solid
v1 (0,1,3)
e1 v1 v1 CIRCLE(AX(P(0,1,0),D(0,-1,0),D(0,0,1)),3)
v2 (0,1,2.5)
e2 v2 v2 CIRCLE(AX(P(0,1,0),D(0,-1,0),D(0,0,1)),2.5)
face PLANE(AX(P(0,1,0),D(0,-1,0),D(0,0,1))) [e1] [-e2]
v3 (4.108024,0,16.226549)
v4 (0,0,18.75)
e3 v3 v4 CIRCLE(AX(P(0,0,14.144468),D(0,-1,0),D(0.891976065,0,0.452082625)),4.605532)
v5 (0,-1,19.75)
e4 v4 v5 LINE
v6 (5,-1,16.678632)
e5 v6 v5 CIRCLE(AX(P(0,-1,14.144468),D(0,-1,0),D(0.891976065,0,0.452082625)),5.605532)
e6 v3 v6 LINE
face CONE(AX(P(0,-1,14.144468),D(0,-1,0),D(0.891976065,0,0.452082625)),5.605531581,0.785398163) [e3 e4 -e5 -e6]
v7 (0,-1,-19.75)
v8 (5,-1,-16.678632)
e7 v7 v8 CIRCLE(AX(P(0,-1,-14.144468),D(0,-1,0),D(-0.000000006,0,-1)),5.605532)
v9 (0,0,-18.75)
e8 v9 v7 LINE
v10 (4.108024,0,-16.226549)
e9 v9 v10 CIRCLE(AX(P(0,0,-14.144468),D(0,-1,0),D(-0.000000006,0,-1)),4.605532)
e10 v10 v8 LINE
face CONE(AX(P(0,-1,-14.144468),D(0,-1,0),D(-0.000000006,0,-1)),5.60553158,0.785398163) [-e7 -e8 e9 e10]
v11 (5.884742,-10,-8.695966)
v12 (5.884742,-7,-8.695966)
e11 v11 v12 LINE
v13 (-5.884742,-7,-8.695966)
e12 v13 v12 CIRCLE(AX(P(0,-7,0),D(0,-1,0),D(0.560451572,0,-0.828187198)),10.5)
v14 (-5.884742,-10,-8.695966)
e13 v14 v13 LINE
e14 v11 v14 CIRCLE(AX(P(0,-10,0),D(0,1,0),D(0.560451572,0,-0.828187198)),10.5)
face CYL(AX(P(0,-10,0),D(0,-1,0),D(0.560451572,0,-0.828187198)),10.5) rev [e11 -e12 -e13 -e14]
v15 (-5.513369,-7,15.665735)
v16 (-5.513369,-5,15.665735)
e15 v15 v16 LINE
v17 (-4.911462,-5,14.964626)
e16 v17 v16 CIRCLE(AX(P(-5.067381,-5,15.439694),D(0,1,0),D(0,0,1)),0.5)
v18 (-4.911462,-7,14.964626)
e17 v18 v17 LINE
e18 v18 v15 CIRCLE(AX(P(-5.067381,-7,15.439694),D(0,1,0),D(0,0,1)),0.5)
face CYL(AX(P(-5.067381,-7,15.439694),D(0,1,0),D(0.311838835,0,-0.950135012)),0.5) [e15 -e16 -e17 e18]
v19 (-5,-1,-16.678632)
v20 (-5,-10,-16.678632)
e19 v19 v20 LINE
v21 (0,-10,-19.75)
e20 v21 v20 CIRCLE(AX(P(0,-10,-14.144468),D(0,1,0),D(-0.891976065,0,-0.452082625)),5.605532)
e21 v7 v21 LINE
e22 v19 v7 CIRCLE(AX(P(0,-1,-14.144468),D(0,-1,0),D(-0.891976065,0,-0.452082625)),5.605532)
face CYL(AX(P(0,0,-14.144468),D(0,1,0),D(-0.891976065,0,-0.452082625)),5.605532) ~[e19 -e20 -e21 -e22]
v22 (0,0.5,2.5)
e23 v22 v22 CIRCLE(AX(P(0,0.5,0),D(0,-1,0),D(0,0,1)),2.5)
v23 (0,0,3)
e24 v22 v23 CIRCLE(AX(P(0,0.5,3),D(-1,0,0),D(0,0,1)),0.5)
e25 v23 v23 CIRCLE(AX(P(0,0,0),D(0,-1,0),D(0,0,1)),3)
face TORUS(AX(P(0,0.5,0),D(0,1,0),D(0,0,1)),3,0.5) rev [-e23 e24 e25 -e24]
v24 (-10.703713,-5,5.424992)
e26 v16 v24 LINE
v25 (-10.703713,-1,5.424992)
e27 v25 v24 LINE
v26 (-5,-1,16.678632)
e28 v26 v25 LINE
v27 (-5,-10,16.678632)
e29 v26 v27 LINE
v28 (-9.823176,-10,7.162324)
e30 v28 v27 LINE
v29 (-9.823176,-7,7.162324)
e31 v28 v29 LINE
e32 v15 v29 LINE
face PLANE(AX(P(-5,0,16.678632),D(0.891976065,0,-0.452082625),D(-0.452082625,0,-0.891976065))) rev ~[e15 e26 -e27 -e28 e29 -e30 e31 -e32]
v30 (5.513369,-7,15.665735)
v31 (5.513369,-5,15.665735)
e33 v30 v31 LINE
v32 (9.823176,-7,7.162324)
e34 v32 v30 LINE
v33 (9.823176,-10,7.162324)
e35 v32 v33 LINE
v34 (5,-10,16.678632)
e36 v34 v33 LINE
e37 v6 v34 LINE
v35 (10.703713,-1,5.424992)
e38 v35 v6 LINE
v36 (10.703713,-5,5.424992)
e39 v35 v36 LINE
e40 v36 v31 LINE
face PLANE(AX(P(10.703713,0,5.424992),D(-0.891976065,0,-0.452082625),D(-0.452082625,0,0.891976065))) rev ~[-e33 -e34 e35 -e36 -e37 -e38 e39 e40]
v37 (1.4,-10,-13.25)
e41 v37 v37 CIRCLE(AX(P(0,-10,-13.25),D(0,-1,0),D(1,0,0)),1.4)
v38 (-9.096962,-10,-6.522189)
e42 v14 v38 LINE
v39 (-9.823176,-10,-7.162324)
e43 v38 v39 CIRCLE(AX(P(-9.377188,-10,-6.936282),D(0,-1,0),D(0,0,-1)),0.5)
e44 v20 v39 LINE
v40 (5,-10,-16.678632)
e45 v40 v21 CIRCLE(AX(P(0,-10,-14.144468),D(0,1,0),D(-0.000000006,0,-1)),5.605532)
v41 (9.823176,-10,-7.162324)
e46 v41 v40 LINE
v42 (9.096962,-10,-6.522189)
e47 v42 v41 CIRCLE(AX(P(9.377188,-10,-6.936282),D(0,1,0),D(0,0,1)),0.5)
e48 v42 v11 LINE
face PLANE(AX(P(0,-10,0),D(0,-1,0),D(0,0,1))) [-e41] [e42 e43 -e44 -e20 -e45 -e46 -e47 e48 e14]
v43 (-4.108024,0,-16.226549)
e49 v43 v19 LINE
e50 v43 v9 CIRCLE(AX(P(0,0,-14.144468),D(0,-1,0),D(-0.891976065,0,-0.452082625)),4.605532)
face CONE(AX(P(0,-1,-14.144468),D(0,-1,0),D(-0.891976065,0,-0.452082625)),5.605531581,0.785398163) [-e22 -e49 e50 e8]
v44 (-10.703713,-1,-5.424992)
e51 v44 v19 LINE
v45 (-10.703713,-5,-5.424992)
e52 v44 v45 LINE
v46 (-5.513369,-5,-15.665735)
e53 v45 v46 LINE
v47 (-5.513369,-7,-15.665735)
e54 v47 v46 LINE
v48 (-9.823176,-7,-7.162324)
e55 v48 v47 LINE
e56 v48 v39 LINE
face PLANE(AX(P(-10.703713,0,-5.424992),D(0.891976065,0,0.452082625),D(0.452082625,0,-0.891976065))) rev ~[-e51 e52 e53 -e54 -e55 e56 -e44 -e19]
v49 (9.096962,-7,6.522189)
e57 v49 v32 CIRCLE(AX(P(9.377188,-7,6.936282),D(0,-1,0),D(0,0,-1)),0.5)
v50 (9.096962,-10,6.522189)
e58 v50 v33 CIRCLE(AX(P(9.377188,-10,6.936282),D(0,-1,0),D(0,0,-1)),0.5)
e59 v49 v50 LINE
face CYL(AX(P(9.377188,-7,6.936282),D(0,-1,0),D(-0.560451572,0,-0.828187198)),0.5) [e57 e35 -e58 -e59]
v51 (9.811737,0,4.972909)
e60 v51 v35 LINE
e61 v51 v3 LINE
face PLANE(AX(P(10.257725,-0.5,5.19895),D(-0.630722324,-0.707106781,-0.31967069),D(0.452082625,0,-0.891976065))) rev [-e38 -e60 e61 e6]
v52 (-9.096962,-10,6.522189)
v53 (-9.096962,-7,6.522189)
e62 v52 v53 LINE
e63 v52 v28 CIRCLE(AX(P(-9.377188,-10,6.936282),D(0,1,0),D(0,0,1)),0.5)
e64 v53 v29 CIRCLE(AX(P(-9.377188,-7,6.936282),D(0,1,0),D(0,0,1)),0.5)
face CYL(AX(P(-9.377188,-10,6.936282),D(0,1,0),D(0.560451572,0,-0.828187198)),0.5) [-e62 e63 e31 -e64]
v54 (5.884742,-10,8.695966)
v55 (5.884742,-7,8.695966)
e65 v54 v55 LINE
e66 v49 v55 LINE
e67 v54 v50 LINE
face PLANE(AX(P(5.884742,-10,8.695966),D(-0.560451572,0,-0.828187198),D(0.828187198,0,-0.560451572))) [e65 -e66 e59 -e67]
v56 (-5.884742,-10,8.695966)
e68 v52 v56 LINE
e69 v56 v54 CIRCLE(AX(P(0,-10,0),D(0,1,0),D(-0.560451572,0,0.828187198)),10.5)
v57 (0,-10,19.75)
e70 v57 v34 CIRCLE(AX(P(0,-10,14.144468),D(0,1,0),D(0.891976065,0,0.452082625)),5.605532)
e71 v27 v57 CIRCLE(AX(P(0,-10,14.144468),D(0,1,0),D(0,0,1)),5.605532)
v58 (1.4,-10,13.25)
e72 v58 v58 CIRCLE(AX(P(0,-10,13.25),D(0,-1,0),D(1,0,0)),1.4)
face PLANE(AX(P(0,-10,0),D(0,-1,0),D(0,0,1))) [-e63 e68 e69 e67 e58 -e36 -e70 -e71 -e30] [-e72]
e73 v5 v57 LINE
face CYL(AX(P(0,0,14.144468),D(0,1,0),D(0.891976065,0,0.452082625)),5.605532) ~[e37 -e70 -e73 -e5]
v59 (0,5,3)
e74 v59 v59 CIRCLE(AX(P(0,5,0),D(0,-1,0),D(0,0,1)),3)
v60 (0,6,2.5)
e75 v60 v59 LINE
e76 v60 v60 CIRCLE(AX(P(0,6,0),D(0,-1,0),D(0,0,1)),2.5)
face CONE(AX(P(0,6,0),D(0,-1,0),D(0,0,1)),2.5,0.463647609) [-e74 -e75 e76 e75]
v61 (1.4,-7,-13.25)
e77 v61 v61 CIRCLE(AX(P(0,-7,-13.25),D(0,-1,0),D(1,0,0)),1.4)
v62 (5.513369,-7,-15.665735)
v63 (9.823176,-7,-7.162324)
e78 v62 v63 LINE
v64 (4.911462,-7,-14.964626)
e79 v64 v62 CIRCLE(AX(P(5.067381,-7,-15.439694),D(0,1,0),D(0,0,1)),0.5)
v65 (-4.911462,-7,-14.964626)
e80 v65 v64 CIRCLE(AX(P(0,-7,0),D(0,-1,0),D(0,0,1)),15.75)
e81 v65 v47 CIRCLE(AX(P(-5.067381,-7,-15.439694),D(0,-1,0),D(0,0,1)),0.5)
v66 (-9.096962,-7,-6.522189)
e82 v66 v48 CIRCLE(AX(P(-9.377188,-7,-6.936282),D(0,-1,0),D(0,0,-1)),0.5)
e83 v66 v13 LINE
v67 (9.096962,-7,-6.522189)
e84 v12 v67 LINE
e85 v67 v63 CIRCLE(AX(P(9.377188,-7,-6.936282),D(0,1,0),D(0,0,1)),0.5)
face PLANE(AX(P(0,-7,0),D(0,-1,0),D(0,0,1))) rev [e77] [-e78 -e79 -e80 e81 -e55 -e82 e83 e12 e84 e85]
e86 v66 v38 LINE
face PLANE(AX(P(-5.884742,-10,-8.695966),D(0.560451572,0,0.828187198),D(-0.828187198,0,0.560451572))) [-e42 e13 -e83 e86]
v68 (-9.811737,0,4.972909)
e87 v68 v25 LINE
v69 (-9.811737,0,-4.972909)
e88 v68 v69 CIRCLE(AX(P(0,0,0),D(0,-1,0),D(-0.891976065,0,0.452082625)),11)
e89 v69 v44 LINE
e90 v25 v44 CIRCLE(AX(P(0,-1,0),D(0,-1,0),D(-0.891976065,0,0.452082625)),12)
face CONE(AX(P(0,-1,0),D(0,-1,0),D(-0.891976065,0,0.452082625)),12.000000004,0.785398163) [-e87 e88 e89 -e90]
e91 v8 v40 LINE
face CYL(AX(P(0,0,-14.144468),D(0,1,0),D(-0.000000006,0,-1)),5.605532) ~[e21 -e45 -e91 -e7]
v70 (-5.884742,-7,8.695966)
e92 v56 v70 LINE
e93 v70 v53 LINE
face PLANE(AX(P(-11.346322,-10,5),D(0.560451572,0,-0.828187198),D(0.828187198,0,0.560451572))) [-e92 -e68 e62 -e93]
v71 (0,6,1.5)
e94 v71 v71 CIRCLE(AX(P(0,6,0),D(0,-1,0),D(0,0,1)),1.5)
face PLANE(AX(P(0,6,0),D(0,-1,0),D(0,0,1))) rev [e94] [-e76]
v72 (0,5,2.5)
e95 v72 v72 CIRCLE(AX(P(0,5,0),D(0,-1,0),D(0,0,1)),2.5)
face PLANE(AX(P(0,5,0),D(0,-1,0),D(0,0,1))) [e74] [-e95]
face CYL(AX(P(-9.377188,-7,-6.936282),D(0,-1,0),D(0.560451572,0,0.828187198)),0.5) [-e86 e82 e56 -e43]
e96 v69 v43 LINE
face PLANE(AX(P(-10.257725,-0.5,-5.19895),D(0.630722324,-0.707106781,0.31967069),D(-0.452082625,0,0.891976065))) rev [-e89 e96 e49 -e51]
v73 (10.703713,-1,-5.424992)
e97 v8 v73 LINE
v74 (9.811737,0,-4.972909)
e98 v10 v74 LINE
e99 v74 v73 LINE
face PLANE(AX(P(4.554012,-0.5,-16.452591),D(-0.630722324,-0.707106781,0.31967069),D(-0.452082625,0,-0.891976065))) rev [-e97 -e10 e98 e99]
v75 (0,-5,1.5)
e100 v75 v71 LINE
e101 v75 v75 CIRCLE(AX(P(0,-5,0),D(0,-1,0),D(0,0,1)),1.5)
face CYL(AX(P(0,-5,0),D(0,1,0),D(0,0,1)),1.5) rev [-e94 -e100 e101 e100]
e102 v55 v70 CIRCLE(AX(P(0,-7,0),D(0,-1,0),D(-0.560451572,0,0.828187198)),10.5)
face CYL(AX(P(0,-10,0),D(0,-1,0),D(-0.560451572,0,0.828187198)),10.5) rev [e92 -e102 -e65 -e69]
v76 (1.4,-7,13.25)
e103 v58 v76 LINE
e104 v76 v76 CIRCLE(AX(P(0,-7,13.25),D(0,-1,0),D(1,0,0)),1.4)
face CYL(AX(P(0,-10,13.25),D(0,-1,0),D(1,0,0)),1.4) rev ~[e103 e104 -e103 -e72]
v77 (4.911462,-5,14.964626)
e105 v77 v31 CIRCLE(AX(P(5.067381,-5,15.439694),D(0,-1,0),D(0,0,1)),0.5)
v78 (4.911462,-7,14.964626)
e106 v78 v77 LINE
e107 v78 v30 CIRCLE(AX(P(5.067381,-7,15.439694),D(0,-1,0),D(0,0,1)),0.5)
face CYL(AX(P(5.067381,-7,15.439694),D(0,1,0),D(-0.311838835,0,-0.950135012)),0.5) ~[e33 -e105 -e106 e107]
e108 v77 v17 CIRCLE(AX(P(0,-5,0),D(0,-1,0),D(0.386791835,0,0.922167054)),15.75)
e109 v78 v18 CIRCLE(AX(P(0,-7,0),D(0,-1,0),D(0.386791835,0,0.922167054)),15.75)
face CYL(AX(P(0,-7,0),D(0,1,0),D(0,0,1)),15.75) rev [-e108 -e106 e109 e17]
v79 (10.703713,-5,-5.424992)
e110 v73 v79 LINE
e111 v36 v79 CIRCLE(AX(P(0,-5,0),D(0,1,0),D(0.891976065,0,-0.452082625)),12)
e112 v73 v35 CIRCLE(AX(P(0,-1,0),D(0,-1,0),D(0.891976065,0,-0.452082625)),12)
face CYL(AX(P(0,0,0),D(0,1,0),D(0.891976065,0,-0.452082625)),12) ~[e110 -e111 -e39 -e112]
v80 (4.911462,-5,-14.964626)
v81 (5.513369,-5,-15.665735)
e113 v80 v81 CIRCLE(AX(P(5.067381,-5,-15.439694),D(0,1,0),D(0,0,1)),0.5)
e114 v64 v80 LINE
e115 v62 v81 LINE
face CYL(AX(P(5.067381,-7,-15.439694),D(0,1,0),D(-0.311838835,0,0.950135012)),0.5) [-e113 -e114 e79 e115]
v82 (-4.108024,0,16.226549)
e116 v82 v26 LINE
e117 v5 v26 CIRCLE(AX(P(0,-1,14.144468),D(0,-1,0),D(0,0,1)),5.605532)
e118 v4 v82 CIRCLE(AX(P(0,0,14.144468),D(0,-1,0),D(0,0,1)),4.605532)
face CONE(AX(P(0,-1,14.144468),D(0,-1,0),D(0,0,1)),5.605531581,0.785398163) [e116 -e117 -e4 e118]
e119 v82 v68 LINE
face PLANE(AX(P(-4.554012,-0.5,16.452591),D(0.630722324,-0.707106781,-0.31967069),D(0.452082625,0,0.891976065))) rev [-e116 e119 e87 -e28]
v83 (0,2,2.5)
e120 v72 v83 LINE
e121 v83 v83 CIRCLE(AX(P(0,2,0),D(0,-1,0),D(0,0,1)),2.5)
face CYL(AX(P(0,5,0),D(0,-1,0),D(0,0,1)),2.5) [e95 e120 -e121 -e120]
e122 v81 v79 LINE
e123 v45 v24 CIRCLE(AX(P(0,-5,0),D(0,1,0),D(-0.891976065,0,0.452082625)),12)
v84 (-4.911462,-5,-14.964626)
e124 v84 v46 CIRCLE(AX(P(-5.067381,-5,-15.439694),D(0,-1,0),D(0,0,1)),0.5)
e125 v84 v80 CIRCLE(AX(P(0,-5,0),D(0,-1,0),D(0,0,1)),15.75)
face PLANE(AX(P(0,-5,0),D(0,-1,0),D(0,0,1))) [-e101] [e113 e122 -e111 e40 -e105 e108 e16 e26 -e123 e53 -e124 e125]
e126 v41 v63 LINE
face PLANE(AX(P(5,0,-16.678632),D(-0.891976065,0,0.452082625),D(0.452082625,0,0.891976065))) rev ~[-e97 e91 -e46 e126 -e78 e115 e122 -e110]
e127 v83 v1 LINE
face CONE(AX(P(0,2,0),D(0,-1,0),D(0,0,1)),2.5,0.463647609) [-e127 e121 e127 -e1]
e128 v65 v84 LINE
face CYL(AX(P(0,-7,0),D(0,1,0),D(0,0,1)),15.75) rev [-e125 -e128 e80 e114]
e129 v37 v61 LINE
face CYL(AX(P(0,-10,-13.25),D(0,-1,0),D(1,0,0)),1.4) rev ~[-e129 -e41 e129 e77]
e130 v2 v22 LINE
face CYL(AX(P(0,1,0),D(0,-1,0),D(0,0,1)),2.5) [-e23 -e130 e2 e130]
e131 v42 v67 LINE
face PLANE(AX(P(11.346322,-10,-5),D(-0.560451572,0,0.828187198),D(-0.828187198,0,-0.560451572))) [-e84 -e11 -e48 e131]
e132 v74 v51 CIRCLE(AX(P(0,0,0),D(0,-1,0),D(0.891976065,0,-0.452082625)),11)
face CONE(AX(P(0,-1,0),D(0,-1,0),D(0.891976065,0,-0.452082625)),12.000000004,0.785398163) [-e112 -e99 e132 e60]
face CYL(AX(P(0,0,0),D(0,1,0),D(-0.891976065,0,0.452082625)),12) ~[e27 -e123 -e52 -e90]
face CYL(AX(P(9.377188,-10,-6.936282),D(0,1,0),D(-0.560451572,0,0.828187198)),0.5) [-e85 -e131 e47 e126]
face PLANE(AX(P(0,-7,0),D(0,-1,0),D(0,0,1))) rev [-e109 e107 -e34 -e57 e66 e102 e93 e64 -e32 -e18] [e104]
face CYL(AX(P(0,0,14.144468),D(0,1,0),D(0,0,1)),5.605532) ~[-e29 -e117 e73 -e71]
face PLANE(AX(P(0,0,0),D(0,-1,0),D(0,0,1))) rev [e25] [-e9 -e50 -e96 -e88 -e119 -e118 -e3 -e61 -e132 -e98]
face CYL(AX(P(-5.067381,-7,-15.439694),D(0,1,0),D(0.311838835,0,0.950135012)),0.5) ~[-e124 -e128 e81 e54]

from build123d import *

# Parameters (mm, degrees)
CUT_EXTRUDE1_DEPTH = 11
CUT_EXTRUDE3_DEPTH = 5
FILLET1_R          = 0.5
FILLET3_R          = 0.5
CHAMFER2_SIZE      = 1
SKETCH12_R         = 1.4
CUT_EXTRUDE7_DEPTH = 5


with BuildPart() as part:
    # Sketch2 → Revolve1 (revolve)
    with BuildSketch(Plane(origin=(0, 0, 0), x_dir=(0, 0, -1), z_dir=(1, 0, 0))):
        Polygon((-2.5, 0), (-19.75, 0), (-19.75, -10), (-8.75, -10), (-8.75, -7), (-15.75, -7), (-15.75, -5), (-1.5, -5), (-1.5, 6), (-2.5, 6), (-3, 5), (-2.5, 5), (-2.5, 2), (-3, 1), (-2.5, 1), align=None)
    revolve(axis=Axis((0, 7.880012575, 0), (0, -1, 0)))

    # Sketch3 → Cut-Extrude1 (cut, through all)
    with BuildSketch(Plane(origin=(0, 0, 0), x_dir=(1, 0, 0), z_dir=(0, 1, 0))):
        with BuildLine():
            ThreePointArc((-10.703712775, -5.424991506), (-12, 0), (-10.703712775, 5.424991506))
            Line((-10.703712775, 5.424991506), (-5, 16.678631853))
            ThreePointArc((-5, 16.678631853), (-2.933994828, 18.920833005), (-3.1e-08, 19.75))
            ThreePointArc((-3.1e-08, 19.75), (-19.75, -1.6e-08), (0, -19.75))
            ThreePointArc((0, -19.75), (-2.933994815, -18.920833013), (-5, -16.678631853))
            Line((-5, -16.678631853), (-10.703712775, -5.424991506))
        make_face()
        with BuildLine():
            ThreePointArc((19.75, 0), (13.965358917, 13.965358939), (-3.1e-08, 19.75))
            ThreePointArc((-3.1e-08, 19.75), (2.933994802, 18.920833021), (5, 16.678631853))
            Line((5, 16.678631853), (10.703712775, 5.424991506))
            ThreePointArc((10.703712775, 5.424991506), (12, 0), (10.703712775, -5.424991506))
            Line((10.703712775, -5.424991506), (5, -16.678631853))
            ThreePointArc((5, -16.678631853), (2.933994815, -18.920833013), (0, -19.75))
            ThreePointArc((0, -19.75), (13.965358928, -13.965358928), (19.75, 0))
        make_face()
    extrude(amount=-CUT_EXTRUDE1_DEPTH, mode=Mode.SUBTRACT)

    # Sketch5 → Cut-Extrude3 (cut)
    with BuildSketch(Plane.XZ.offset(10)):
        with BuildLine():
            Line((-5.884741508, -8.695965581), (-11.34632201, -5))
            ThreePointArc((-11.34632201, -5), (-14, 0), (-11.34632201, 5))
            Line((-11.34632201, 5), (-5.884741508, 8.695965581))
            ThreePointArc((-5.884741508, 8.695965581), (0, 10.5), (5.884741508, 8.695965581))
            Line((5.884741508, 8.695965581), (11.34632201, 5))
            ThreePointArc((11.34632201, 5), (14, 0), (11.34632201, -5))
            Line((11.34632201, -5), (5.884741508, -8.695965581))
            ThreePointArc((5.884741508, -8.695965581), (0, -10.5), (-5.884741508, -8.695965581))
        make_face()
    extrude(amount=-CUT_EXTRUDE3_DEPTH, mode=Mode.SUBTRACT)

    # Fillet1
    fillet1_edges = [part.edges().sort_by_distance(p)[0] for p in [
        (-6.091971401, -6, -14.524131108),
        (-6.091971401, -6, 14.524131108),
        (6.091971401, -6, -14.524131108),
        (6.091971401, -6, 14.524131108),
        (10.696094588, -8.5, -5.440022476),
        (10.696094588, -8.5, 5.440022476),
        (-10.696094588, -8.5, 5.440022476),
        (-10.696094588, -8.5, -5.440022476),
    ]]
    fillet(fillet1_edges, radius=FILLET1_R)

    # Fillet3
    fillet3_edges = [part.edges().sort_by_distance(p)[0] for p in [
        (0, 0, -2.5),
    ]]
    fillet(fillet3_edges, radius=FILLET3_R)

    # Chamfer2
    chamfer2_edges = [part.edges().sort_by_distance(p)[0] for p in [
        (0, 0, 19.75),
        (-7.851856387, 0, 11.051811679),
        (-12, 0, 0),
        (-7.851856387, 0, -11.051811679),
        (0, 0, -19.75),
        (7.851856387, 0, 11.051811679),
        (7.851856387, 0, -11.051811679),
        (12, 0, 0),
    ]]
    chamfer(chamfer2_edges, length=CHAMFER2_SIZE)

    # Sketch12 → Cut-Extrude7 (cut)
    with BuildSketch(Plane.XZ.offset(10)):
        with Locations((0, -13.25)):
            Circle(SKETCH12_R)
        with Locations((0, 13.25)):
            Circle(SKETCH12_R)
    extrude(amount=-CUT_EXTRUDE7_DEPTH, mode=Mode.SUBTRACT)


solid = part.part
